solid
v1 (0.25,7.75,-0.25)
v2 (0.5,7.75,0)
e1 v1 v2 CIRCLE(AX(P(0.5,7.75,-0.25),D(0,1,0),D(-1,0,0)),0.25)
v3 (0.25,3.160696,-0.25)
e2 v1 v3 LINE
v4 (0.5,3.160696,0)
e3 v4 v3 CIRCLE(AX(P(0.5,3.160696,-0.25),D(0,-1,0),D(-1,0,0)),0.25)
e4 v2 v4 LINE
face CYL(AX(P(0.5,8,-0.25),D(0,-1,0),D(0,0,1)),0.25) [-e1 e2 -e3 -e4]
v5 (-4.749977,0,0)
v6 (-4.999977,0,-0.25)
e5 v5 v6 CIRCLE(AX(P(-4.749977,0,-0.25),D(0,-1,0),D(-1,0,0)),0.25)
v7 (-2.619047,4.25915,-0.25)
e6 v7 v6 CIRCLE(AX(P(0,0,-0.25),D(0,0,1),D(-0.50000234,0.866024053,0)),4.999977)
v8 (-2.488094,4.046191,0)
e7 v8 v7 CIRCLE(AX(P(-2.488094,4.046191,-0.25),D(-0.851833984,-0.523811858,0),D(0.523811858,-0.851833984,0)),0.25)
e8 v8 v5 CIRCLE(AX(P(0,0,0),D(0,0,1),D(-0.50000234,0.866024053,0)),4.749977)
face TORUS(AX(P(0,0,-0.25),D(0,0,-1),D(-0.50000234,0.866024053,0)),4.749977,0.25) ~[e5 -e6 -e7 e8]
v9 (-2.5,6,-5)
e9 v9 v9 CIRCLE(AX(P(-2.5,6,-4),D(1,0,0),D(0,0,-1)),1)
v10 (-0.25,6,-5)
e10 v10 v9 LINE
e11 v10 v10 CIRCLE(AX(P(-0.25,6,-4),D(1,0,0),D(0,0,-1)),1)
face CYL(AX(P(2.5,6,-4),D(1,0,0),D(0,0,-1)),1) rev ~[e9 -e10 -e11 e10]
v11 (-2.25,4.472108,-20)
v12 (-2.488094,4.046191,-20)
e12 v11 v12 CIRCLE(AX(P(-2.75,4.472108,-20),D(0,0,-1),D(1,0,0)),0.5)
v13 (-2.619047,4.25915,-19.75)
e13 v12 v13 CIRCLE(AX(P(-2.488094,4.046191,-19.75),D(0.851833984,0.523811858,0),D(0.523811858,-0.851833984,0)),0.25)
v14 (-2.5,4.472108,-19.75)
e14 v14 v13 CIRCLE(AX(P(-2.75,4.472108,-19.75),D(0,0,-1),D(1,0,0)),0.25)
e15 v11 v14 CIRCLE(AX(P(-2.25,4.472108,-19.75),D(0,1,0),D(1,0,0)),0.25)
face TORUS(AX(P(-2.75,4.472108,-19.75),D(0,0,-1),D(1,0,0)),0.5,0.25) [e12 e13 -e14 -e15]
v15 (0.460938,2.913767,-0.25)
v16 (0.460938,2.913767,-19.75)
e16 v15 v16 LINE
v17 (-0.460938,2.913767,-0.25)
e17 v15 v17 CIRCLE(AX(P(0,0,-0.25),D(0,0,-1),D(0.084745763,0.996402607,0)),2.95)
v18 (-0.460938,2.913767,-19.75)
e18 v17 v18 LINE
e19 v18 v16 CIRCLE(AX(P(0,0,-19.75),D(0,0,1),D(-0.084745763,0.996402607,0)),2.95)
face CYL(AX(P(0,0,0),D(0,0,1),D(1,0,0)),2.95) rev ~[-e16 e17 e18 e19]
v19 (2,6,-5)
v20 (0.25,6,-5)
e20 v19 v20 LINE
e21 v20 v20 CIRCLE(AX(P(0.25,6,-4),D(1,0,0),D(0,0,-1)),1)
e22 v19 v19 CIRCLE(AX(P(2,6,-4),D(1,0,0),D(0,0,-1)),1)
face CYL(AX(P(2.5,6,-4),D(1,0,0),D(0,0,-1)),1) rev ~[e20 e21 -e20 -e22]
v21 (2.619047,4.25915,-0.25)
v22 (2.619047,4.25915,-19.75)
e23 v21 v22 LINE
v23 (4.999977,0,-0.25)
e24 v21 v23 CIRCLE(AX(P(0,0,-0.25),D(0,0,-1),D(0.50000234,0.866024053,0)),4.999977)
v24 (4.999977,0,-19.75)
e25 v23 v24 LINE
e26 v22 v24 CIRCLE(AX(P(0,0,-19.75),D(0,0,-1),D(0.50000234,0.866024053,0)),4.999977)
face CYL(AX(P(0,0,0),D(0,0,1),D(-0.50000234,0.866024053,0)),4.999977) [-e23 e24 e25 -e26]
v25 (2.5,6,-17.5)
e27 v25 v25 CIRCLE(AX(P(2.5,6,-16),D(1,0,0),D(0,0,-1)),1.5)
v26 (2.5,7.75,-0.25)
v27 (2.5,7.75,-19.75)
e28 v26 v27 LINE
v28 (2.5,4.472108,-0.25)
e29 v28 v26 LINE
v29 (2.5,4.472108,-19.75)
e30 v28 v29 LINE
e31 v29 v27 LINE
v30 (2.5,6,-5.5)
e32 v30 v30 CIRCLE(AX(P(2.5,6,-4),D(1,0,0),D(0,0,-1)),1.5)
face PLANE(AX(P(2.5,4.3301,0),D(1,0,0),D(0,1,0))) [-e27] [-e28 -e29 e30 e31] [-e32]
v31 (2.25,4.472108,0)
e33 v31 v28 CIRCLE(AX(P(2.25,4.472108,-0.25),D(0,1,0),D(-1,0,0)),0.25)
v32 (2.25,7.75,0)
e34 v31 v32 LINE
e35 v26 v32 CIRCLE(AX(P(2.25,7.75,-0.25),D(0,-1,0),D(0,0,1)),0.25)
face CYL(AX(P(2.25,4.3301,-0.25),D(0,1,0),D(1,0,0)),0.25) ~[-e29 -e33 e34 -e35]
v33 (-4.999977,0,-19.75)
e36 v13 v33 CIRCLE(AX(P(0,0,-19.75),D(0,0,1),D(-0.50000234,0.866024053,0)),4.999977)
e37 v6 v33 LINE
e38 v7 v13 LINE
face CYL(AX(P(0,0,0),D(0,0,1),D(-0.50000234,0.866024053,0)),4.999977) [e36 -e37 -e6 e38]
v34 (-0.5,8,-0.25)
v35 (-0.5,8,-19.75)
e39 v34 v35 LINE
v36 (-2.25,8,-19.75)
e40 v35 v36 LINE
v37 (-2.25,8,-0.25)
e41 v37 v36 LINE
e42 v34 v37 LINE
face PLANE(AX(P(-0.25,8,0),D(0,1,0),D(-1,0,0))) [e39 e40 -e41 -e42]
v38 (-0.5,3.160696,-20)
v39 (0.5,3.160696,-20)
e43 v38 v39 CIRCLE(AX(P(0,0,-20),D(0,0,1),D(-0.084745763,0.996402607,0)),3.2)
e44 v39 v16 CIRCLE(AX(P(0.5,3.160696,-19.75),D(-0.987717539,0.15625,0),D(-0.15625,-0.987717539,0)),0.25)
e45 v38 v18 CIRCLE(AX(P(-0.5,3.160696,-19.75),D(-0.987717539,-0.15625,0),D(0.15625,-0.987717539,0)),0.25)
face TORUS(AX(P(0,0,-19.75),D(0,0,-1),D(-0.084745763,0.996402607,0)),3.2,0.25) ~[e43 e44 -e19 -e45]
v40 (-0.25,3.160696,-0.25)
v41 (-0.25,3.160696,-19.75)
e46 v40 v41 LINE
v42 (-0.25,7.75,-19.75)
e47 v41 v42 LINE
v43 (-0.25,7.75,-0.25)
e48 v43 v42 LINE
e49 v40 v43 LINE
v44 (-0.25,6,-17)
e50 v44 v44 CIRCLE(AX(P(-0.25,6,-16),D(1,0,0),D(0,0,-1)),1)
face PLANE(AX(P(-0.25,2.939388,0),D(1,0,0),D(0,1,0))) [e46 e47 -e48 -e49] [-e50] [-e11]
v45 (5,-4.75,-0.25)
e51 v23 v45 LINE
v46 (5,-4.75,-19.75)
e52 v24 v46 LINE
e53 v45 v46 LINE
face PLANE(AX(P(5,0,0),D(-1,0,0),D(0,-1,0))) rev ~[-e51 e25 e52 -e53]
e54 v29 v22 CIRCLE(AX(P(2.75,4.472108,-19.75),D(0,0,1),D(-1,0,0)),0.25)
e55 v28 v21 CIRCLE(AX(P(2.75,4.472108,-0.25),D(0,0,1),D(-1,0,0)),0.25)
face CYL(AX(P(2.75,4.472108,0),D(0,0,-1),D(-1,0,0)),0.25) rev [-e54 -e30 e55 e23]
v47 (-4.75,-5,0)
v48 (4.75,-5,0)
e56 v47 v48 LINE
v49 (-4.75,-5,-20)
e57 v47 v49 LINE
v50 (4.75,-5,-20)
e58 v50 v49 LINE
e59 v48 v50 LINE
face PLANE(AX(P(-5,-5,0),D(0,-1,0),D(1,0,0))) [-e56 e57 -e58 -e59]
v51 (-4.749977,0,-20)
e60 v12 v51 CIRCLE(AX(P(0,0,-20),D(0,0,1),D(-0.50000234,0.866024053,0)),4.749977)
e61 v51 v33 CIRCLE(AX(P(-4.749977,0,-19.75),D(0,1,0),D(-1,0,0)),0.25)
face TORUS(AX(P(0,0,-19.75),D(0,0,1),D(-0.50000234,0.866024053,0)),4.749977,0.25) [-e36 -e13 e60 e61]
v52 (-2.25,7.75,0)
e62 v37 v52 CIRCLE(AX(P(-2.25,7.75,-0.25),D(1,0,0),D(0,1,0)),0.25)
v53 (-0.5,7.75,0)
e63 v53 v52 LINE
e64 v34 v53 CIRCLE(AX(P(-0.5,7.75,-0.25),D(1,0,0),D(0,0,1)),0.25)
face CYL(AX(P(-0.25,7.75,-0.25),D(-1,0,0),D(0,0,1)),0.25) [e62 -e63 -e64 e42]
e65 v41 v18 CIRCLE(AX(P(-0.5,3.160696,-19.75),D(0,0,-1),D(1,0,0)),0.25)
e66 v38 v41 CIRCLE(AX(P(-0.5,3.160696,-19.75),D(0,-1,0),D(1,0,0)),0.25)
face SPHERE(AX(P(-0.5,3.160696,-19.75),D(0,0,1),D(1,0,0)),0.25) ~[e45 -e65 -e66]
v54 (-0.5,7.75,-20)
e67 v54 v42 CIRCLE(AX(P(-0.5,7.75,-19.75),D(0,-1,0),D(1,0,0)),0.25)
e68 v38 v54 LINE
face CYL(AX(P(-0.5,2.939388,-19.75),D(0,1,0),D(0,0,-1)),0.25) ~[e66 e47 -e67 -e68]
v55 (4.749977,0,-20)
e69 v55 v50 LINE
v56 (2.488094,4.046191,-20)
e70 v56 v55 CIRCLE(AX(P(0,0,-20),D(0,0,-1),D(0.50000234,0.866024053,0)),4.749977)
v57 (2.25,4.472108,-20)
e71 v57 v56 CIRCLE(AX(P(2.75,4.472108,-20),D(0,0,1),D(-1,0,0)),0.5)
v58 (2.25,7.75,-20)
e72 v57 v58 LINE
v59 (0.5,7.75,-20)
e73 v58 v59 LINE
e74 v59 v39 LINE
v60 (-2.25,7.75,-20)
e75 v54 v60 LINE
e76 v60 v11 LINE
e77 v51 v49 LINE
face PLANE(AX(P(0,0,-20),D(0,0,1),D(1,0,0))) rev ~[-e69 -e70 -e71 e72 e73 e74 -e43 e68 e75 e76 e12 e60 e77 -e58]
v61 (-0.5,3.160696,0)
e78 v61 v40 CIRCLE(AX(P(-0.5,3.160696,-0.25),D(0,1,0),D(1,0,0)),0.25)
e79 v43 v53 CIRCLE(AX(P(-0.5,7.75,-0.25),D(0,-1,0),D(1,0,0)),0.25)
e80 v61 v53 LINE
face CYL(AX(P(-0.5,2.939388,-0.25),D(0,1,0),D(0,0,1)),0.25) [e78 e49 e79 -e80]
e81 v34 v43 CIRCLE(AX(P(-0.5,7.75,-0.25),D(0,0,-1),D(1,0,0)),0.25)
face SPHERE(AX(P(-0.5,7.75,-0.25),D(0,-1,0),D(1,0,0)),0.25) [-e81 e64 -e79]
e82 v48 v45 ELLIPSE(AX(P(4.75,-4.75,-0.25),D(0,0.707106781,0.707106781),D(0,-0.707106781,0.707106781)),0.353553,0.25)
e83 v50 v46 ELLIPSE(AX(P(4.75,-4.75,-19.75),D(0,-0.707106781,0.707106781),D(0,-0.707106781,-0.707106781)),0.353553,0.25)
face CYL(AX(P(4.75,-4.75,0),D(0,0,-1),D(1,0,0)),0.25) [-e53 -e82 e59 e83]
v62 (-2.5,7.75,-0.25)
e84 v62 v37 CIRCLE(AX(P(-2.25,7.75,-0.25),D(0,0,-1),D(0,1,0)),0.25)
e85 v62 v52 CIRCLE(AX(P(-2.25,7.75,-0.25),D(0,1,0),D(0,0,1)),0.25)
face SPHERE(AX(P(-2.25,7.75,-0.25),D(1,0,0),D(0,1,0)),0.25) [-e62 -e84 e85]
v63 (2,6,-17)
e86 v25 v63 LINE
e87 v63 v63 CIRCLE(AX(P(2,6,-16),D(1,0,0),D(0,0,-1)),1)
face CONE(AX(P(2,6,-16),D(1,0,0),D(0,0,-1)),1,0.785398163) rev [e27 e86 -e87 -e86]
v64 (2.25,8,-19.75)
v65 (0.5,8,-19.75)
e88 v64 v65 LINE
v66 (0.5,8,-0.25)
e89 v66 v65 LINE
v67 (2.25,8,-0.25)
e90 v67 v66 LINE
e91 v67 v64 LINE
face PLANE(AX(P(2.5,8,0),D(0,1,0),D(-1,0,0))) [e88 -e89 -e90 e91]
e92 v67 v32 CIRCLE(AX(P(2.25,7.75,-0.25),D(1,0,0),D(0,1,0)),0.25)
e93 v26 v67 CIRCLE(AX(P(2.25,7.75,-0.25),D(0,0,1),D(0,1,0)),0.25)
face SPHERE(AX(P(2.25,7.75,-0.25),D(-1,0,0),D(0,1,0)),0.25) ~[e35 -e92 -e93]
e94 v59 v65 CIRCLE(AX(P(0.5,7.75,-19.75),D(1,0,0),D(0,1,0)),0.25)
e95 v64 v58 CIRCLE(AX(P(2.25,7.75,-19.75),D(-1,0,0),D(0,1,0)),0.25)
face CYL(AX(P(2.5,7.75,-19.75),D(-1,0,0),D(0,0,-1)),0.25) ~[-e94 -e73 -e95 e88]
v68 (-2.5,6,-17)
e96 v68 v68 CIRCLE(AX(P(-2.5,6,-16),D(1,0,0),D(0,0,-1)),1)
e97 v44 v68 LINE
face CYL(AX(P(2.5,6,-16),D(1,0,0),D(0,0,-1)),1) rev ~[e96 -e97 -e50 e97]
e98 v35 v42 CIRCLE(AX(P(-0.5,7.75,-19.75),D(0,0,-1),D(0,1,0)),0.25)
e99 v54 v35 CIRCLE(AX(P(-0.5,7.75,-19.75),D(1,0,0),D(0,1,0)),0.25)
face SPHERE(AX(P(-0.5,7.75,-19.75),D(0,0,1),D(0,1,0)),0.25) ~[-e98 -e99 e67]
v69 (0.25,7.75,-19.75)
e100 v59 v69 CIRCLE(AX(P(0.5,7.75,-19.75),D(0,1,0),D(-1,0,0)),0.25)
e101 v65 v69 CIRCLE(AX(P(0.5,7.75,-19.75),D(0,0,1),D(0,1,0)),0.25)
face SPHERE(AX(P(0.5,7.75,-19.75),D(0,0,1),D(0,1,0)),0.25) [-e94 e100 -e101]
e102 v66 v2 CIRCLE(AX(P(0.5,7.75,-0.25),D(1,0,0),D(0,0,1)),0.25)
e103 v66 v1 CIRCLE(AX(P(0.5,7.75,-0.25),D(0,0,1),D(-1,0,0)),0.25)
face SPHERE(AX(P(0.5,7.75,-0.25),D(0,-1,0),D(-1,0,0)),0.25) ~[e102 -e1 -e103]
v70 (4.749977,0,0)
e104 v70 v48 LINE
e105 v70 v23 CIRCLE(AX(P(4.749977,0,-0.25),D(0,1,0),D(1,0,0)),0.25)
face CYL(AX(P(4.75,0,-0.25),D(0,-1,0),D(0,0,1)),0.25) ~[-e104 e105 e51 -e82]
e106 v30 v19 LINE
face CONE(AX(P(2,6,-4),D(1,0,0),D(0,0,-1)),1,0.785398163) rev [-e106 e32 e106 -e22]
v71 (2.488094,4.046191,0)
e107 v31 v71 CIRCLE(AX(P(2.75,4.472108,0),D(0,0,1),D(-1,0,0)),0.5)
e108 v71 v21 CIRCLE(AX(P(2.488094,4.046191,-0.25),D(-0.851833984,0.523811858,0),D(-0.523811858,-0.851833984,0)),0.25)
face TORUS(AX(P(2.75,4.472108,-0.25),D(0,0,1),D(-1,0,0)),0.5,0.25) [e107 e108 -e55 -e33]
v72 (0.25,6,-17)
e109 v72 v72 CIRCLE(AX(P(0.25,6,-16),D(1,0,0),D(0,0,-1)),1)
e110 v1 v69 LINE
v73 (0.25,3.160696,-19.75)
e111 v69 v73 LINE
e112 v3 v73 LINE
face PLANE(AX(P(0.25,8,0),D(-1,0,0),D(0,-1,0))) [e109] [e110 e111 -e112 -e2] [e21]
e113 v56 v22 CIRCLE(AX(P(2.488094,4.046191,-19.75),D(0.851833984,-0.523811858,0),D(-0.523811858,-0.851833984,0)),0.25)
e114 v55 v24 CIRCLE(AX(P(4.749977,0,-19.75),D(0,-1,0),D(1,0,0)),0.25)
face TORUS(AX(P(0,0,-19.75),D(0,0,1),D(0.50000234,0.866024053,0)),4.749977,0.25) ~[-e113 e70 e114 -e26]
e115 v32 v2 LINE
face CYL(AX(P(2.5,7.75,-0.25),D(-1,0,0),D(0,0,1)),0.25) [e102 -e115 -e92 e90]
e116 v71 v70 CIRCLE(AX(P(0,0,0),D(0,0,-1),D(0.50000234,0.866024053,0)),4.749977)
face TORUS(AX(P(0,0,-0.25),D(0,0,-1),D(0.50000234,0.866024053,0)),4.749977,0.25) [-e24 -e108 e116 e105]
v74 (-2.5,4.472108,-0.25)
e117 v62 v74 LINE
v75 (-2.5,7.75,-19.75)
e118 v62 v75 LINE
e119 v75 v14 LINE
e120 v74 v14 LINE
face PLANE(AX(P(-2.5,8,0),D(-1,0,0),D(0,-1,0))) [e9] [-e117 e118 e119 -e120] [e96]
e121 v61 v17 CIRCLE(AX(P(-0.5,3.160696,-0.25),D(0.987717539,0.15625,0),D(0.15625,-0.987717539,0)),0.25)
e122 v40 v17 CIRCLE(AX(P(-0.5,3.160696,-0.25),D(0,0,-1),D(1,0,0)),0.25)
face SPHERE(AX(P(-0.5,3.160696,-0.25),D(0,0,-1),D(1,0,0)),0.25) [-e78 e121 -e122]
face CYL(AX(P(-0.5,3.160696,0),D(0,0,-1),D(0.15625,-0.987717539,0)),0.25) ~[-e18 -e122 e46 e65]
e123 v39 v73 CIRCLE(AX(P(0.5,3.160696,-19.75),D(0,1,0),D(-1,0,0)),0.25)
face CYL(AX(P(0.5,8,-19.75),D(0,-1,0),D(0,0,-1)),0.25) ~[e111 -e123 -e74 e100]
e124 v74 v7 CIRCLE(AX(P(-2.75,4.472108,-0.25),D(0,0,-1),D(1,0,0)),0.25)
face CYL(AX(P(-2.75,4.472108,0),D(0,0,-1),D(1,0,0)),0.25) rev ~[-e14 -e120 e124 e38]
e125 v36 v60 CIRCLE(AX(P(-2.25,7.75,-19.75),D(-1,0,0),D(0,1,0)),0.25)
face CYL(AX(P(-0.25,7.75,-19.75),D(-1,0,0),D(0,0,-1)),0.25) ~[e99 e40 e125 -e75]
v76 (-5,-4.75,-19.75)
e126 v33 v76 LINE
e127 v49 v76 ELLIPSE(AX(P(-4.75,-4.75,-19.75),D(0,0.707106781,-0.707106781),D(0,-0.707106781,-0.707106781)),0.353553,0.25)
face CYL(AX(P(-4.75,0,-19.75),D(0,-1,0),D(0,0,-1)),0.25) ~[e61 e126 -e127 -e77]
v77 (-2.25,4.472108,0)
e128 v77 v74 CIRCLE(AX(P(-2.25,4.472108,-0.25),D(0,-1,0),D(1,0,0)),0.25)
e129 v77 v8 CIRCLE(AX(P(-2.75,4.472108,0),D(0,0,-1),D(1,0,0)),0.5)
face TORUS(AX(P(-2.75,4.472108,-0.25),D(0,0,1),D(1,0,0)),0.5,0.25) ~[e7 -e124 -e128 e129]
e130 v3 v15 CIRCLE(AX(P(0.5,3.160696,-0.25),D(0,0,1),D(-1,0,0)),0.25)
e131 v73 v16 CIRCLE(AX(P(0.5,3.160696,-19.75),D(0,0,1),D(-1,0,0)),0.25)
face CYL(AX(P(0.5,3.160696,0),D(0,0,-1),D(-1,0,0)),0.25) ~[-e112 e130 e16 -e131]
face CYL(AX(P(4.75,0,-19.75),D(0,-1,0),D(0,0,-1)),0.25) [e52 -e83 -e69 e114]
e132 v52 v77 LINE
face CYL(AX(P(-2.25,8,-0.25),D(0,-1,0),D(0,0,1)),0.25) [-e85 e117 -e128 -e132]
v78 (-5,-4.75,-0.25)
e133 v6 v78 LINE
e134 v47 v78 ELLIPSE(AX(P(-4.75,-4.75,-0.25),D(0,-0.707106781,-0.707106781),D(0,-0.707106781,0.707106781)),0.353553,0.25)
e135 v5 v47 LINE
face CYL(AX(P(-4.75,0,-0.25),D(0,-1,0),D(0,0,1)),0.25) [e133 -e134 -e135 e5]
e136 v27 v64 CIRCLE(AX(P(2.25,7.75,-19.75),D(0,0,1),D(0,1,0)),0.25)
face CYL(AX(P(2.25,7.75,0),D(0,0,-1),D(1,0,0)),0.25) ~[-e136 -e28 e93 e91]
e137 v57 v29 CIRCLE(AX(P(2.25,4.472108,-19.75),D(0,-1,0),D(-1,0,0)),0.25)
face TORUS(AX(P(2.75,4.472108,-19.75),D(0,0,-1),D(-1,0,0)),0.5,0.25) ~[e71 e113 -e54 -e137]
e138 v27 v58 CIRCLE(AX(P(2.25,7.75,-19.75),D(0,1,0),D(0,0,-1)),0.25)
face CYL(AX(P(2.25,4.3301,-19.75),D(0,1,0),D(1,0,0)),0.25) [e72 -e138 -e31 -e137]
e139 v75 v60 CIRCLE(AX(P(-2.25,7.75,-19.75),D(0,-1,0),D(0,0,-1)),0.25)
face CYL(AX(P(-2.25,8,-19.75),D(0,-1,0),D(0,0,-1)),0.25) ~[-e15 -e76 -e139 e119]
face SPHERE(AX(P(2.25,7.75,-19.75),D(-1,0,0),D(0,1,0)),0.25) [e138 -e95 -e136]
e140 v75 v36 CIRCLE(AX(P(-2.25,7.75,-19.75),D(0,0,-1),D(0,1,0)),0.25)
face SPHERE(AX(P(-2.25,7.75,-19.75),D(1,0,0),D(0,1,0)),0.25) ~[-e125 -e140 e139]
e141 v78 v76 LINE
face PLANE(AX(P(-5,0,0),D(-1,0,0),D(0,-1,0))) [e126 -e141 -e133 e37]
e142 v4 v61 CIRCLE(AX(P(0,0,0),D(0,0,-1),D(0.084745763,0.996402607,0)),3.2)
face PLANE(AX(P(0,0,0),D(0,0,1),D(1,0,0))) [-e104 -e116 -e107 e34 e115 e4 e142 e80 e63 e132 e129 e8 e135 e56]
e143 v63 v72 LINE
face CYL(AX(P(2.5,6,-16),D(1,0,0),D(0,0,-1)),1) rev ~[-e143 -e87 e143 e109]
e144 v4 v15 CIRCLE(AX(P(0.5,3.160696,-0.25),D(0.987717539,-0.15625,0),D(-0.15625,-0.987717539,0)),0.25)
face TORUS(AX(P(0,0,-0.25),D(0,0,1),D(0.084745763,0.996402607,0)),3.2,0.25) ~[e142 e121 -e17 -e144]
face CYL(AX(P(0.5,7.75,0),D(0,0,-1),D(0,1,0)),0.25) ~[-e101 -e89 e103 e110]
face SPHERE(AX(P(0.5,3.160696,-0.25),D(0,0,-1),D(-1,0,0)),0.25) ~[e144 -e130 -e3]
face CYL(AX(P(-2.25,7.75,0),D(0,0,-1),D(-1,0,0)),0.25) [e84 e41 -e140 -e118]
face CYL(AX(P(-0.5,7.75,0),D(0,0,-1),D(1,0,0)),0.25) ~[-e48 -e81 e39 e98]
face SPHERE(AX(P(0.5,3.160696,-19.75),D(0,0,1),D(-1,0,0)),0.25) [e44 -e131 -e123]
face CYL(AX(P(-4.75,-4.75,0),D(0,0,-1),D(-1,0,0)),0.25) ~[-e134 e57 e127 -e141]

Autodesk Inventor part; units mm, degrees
ref_plane "YZ Plane" through (0, 0, 0) normal (1, 0, 0) x (0, 1, 0)
ref_plane "XZ Plane" through (0, 0, 0) normal (0, 1, 0) x (-1, 0, 0)
ref_plane "XY Plane" through (0, 0, 0) normal (0, 0, 1) x (1, 0, 0)
sketch "Sketch1" plane through (0, 0, 0) normal (0, 0, 1) x (1, 0, 0)
  arc A0 (-2.5, 4.3301) -> (2.5, 4.3301) centre (0, 0) ccw
  line L0 (2.5, 4.3301) -> (2.5, 8)
  line L1 (2.5, 8) -> (-2.5, 8)
  line L2 (-2.5, 8) -> (-2.5, 4.3301)
  circle A1 centre (0, 0) radius 2.95
  line L3 (-0.25, 8) -> (0.25, 8)
  line L4 (0.25, 8) -> (0.25, 2.5)
  line L5 (0.25, 2.5) -> (-0.25, 2.5)
  line L6 (-0.25, 2.5) -> (-0.25, 8)
  line L7 (-5, 0) -> (-5, -5)
  line L8 (-5, -5) -> (0, -5)
  line L9 (5, 0) -> (5, -5)
  line L10 (5, -5) -> (0, -5)
  point P0 (0.25, 2.9394)
  point P1 (-0.25, 2.9394)
  dimension "d0" = 10
  dimension "d1" = 5
  dimension "d2" = 2.5
  dimension "d3" = 8
  dimension "d4" = 3.6699
  dimension "d7" = 5.9
  dimension "d8" = 0.5
  dimension "d9" = 0.25
  dimension "d10" = 0
  dimension "d11" = 5.5
extrude "Extrusion1" add sketch "Sketch1" against normal blind 20 contours L2 L1 L6 A1 L4 L0 A0 | A0 L8 L7 | A0 L9 L10
sketch "Sketch2" plane through (2.5, 4.3301, 0) normal (1, 0, 0) x (0, 0, -1)
  circle A0 centre (4, 1.6699) radius 1
  circle A1 centre (16, 1.6699) radius 1
  line L0 (0, 0) -> (0, 3.6699) projected
  line L1 (20, 3.6699) -> (20, 0) projected
  line L2 (0, 3.6699) -> (20, 3.6699) projected
  point P0 (0, -4.3301)
  dimension "d12" = 2
  dimension "d13" = 4
  dimension "d14" = 2
  dimension "d15" = 4
  dimension "d16" = 2
  dimension "d17" = 2
extrude "Extrusion2" cut sketch "Sketch2" against normal up to surface (5 mm away)
chamfer "Chamfer1" distance 0.5 angle 45 2 edges at (2.5, 6, -3) (2.5, 6, -15)
fillet "Fillet1" radius 0.25 32 edges at (-0.25, 5.4697, 0) (0.25, 5.4697, 0) (-0.25, 8, -10) (0.25, 8, -10) (-1.375, 8, -20) (1.375, 8, -20) (-0.25, 5.4697, -20) (0.25, 5.4697, -20) (-1.375, 8, 0) (1.375, 8, 0) (-2.5, 8, -10) (-2.5, 6.1651, 0) (-2.5, 6.1651, -20) (2.5, 8, -10) (2.5, 6.1651, -20) (2.5, 6.1651, 0) (-5, -2.5, 0) (-4.3301, 2.5, 0) (5, -2.5, 0) (4.3301, 2.5, 0) (5, -2.5, -20) (4.3301, 2.5, -20) (0, -2.95, 0) (-5, -2.5, -20) (-4.3301, 2.5, -20) (0, -2.95, -20) (0.25, 2.9394, -10) (-0.25, 2.9394, -10) (-2.5, 4.3301, -10) (2.5, 4.3301, -10) (-5, -5, -10) (5, -5, -10)
properties part number "Holder"
